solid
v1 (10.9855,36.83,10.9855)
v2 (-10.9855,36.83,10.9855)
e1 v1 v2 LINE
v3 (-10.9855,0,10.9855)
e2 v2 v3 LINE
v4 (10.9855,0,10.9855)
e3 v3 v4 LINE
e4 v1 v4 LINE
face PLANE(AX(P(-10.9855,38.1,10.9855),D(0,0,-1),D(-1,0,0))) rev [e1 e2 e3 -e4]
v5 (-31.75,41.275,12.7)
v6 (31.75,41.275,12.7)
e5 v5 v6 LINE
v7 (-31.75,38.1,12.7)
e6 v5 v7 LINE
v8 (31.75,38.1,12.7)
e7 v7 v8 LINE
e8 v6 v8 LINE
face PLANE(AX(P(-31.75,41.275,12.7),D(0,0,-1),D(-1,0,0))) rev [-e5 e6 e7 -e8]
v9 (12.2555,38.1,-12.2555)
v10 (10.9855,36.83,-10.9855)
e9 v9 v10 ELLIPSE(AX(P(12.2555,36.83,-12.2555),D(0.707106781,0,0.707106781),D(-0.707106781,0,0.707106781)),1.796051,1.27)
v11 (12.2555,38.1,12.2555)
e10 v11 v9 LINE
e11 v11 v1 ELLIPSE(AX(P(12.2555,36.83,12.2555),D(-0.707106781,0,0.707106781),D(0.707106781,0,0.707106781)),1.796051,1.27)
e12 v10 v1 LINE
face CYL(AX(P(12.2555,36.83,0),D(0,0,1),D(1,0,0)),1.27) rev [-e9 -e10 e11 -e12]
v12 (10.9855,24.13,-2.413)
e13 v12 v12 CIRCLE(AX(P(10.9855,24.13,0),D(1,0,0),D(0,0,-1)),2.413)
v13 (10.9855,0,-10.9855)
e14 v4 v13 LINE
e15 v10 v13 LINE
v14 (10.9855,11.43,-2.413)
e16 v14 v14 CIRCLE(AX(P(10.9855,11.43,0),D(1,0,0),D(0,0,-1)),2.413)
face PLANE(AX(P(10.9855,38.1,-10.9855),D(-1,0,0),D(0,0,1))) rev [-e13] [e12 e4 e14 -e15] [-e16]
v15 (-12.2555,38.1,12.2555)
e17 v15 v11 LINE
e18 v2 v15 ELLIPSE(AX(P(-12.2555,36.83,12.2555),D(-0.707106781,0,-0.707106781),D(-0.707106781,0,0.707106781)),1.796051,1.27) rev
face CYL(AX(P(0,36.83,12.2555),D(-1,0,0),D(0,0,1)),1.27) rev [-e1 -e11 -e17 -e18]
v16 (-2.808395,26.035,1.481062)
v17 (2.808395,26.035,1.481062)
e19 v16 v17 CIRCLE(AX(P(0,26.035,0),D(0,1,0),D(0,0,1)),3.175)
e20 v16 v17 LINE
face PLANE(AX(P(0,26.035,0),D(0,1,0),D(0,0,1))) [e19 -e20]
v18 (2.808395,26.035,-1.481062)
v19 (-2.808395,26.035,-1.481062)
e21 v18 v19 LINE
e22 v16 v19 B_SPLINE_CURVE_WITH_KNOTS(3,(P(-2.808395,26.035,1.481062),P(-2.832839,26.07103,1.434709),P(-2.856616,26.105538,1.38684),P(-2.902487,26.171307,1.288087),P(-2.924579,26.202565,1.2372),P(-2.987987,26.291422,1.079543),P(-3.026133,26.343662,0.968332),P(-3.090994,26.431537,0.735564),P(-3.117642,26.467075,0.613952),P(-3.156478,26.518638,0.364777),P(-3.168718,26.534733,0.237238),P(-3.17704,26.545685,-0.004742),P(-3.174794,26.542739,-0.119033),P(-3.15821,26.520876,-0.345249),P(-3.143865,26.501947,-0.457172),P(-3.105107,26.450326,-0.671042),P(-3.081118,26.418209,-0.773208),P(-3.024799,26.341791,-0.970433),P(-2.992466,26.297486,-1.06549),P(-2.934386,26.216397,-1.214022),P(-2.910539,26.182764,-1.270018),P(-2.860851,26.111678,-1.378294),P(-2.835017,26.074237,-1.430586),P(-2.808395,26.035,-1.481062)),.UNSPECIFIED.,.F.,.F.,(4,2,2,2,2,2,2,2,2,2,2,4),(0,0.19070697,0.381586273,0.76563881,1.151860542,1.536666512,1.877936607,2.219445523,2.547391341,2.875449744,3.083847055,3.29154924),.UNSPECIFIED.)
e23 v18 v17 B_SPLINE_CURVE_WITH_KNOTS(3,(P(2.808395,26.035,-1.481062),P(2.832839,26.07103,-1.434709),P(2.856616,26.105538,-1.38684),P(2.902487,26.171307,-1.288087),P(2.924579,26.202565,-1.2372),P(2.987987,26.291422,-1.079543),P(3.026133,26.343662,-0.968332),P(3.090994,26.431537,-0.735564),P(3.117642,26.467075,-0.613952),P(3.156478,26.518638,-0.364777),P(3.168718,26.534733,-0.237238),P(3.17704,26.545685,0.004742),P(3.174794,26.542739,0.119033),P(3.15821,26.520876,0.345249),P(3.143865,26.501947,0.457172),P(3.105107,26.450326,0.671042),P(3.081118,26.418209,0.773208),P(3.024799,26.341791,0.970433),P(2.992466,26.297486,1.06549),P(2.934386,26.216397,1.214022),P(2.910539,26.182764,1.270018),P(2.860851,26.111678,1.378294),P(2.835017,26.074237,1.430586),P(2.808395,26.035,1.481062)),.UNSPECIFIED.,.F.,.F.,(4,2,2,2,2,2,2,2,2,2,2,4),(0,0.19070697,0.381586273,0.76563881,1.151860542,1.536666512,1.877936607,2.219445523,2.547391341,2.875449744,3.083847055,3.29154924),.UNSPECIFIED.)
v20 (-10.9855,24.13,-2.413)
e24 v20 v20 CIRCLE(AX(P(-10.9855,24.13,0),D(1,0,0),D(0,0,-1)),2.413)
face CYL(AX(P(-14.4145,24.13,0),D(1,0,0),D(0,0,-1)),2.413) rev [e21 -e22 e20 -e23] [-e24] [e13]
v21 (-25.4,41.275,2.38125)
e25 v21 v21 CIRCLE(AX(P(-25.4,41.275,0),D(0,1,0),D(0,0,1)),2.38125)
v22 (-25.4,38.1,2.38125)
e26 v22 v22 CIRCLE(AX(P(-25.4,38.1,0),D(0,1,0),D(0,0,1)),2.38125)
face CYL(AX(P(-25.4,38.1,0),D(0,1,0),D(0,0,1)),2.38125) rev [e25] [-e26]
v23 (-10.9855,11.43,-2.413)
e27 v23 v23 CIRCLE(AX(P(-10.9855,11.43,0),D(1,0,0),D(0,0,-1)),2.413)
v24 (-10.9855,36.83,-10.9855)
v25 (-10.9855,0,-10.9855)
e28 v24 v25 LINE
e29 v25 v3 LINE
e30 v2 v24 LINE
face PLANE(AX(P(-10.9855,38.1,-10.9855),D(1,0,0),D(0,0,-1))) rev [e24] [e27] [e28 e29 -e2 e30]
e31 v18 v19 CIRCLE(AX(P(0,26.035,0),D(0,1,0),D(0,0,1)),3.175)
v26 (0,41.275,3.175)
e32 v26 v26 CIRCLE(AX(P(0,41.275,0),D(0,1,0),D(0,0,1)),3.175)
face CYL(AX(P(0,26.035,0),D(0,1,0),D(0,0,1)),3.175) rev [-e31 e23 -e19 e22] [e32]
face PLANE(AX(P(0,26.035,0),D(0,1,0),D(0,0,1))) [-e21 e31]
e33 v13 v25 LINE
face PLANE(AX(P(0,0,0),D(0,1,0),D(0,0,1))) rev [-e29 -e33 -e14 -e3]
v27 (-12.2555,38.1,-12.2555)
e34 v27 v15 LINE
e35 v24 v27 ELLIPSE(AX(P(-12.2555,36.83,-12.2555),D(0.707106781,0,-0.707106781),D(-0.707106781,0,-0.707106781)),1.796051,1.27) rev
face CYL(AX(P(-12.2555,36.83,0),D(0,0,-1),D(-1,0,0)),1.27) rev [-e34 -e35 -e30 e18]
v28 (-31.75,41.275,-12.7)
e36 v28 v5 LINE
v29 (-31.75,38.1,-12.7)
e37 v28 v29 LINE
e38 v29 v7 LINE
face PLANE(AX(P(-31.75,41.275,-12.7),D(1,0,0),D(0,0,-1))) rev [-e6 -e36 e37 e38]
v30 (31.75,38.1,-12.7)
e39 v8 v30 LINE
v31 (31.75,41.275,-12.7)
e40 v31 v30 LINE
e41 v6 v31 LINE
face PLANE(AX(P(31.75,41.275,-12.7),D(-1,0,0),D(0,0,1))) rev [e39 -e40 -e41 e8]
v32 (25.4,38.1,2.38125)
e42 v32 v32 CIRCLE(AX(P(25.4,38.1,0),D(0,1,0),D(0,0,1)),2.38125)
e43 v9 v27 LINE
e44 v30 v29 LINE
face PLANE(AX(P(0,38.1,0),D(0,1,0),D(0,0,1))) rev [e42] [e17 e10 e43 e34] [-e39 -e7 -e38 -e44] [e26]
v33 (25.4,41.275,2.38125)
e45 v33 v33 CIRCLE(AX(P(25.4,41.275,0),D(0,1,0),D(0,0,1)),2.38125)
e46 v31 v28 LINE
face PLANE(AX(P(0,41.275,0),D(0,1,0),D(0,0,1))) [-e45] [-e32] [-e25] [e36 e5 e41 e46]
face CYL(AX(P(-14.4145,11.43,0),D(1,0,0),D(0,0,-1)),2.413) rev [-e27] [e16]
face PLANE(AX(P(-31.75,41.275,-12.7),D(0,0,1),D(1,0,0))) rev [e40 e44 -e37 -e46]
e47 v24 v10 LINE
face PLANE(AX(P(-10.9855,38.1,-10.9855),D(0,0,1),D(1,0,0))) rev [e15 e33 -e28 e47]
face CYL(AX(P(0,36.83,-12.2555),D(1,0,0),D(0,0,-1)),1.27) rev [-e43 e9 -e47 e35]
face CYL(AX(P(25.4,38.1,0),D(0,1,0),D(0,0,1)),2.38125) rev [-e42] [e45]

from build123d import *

# Parameters (mm, degrees)
SKETCH1_W           = 21.971
SKETCH1_H           = 21.971
BOSS_EXTRUDE1_DEPTH = 38.1
SKETCH2_W           = 63.5
SKETCH2_H           = 25.4
BOSS_EXTRUDE2_DEPTH = 3.175
SKETCH3_R           = 2.38125
CUT_EXTRUDE1_DEPTH  = 3.175
FILLET1_R           = 1.27
SKETCH4_R           = 3.175
CUT_EXTRUDE2_DEPTH  = 15.24
SKETCH5_R           = 2.413
CUT_EXTRUDE3_DEPTH  = 25.4


with BuildPart() as part:
    # Sketch1 → Boss-Extrude1 (new body)
    with BuildSketch(Plane(origin=(0, 0, 0), x_dir=(1, 0, 0), z_dir=(0, 1, 0))):
        Rectangle(SKETCH1_W, SKETCH1_H)
    extrude(amount=BOSS_EXTRUDE1_DEPTH)

    # Sketch2 → Boss-Extrude2 (add)
    with BuildSketch(Plane(origin=(0, 38.1, 0), x_dir=(1, 0, 0), z_dir=(0, 1, 0))):
        Rectangle(SKETCH2_W, SKETCH2_H)
    extrude(amount=BOSS_EXTRUDE2_DEPTH)

    # Sketch3 → Cut-Extrude1 (cut)
    with BuildSketch(Plane(origin=(0, 41.275, 0), x_dir=(1, 0, 0), z_dir=(0, 1, 0))):
        with Locations(Location((25.4, 0, 0), (0, 0, 270))):
            Circle(SKETCH3_R)
        with Locations(Location((-25.4, 0, 0), (0, 0, 270))):
            Circle(SKETCH3_R)
    extrude(amount=-CUT_EXTRUDE1_DEPTH, mode=Mode.SUBTRACT)

    # Fillet1
    fillet1_edges = [part.edges().sort_by_distance(p)[0] for p in [
        (-10.9855, 38.1, 0),
        (0, 38.1, 10.9855),
        (10.9855, 38.1, 0),
        (0, 38.1, -10.9855),
    ]]
    fillet(fillet1_edges, radius=FILLET1_R)

    # Sketch4 → Cut-Extrude2 (cut)
    with BuildSketch(Plane(origin=(0, 41.275, 0), x_dir=(1, 0, 0), z_dir=(0, 1, 0))):
        with Locations(Location((0, 0, 0), (0, 0, 270))):
            Circle(SKETCH4_R)
    extrude(amount=-CUT_EXTRUDE2_DEPTH, mode=Mode.SUBTRACT)

    # Sketch5 → Cut-Extrude3 (cut)
    with BuildSketch(Plane(origin=(10.9855, 0, 0), x_dir=(0, 0, -1), z_dir=(1, 0, 0))):
        with Locations((0, 24.13)):
            Circle(SKETCH5_R)
        with Locations((0, 11.43)):
            Circle(SKETCH5_R)
    extrude(amount=-CUT_EXTRUDE3_DEPTH, mode=Mode.SUBTRACT)


solid = part.part
